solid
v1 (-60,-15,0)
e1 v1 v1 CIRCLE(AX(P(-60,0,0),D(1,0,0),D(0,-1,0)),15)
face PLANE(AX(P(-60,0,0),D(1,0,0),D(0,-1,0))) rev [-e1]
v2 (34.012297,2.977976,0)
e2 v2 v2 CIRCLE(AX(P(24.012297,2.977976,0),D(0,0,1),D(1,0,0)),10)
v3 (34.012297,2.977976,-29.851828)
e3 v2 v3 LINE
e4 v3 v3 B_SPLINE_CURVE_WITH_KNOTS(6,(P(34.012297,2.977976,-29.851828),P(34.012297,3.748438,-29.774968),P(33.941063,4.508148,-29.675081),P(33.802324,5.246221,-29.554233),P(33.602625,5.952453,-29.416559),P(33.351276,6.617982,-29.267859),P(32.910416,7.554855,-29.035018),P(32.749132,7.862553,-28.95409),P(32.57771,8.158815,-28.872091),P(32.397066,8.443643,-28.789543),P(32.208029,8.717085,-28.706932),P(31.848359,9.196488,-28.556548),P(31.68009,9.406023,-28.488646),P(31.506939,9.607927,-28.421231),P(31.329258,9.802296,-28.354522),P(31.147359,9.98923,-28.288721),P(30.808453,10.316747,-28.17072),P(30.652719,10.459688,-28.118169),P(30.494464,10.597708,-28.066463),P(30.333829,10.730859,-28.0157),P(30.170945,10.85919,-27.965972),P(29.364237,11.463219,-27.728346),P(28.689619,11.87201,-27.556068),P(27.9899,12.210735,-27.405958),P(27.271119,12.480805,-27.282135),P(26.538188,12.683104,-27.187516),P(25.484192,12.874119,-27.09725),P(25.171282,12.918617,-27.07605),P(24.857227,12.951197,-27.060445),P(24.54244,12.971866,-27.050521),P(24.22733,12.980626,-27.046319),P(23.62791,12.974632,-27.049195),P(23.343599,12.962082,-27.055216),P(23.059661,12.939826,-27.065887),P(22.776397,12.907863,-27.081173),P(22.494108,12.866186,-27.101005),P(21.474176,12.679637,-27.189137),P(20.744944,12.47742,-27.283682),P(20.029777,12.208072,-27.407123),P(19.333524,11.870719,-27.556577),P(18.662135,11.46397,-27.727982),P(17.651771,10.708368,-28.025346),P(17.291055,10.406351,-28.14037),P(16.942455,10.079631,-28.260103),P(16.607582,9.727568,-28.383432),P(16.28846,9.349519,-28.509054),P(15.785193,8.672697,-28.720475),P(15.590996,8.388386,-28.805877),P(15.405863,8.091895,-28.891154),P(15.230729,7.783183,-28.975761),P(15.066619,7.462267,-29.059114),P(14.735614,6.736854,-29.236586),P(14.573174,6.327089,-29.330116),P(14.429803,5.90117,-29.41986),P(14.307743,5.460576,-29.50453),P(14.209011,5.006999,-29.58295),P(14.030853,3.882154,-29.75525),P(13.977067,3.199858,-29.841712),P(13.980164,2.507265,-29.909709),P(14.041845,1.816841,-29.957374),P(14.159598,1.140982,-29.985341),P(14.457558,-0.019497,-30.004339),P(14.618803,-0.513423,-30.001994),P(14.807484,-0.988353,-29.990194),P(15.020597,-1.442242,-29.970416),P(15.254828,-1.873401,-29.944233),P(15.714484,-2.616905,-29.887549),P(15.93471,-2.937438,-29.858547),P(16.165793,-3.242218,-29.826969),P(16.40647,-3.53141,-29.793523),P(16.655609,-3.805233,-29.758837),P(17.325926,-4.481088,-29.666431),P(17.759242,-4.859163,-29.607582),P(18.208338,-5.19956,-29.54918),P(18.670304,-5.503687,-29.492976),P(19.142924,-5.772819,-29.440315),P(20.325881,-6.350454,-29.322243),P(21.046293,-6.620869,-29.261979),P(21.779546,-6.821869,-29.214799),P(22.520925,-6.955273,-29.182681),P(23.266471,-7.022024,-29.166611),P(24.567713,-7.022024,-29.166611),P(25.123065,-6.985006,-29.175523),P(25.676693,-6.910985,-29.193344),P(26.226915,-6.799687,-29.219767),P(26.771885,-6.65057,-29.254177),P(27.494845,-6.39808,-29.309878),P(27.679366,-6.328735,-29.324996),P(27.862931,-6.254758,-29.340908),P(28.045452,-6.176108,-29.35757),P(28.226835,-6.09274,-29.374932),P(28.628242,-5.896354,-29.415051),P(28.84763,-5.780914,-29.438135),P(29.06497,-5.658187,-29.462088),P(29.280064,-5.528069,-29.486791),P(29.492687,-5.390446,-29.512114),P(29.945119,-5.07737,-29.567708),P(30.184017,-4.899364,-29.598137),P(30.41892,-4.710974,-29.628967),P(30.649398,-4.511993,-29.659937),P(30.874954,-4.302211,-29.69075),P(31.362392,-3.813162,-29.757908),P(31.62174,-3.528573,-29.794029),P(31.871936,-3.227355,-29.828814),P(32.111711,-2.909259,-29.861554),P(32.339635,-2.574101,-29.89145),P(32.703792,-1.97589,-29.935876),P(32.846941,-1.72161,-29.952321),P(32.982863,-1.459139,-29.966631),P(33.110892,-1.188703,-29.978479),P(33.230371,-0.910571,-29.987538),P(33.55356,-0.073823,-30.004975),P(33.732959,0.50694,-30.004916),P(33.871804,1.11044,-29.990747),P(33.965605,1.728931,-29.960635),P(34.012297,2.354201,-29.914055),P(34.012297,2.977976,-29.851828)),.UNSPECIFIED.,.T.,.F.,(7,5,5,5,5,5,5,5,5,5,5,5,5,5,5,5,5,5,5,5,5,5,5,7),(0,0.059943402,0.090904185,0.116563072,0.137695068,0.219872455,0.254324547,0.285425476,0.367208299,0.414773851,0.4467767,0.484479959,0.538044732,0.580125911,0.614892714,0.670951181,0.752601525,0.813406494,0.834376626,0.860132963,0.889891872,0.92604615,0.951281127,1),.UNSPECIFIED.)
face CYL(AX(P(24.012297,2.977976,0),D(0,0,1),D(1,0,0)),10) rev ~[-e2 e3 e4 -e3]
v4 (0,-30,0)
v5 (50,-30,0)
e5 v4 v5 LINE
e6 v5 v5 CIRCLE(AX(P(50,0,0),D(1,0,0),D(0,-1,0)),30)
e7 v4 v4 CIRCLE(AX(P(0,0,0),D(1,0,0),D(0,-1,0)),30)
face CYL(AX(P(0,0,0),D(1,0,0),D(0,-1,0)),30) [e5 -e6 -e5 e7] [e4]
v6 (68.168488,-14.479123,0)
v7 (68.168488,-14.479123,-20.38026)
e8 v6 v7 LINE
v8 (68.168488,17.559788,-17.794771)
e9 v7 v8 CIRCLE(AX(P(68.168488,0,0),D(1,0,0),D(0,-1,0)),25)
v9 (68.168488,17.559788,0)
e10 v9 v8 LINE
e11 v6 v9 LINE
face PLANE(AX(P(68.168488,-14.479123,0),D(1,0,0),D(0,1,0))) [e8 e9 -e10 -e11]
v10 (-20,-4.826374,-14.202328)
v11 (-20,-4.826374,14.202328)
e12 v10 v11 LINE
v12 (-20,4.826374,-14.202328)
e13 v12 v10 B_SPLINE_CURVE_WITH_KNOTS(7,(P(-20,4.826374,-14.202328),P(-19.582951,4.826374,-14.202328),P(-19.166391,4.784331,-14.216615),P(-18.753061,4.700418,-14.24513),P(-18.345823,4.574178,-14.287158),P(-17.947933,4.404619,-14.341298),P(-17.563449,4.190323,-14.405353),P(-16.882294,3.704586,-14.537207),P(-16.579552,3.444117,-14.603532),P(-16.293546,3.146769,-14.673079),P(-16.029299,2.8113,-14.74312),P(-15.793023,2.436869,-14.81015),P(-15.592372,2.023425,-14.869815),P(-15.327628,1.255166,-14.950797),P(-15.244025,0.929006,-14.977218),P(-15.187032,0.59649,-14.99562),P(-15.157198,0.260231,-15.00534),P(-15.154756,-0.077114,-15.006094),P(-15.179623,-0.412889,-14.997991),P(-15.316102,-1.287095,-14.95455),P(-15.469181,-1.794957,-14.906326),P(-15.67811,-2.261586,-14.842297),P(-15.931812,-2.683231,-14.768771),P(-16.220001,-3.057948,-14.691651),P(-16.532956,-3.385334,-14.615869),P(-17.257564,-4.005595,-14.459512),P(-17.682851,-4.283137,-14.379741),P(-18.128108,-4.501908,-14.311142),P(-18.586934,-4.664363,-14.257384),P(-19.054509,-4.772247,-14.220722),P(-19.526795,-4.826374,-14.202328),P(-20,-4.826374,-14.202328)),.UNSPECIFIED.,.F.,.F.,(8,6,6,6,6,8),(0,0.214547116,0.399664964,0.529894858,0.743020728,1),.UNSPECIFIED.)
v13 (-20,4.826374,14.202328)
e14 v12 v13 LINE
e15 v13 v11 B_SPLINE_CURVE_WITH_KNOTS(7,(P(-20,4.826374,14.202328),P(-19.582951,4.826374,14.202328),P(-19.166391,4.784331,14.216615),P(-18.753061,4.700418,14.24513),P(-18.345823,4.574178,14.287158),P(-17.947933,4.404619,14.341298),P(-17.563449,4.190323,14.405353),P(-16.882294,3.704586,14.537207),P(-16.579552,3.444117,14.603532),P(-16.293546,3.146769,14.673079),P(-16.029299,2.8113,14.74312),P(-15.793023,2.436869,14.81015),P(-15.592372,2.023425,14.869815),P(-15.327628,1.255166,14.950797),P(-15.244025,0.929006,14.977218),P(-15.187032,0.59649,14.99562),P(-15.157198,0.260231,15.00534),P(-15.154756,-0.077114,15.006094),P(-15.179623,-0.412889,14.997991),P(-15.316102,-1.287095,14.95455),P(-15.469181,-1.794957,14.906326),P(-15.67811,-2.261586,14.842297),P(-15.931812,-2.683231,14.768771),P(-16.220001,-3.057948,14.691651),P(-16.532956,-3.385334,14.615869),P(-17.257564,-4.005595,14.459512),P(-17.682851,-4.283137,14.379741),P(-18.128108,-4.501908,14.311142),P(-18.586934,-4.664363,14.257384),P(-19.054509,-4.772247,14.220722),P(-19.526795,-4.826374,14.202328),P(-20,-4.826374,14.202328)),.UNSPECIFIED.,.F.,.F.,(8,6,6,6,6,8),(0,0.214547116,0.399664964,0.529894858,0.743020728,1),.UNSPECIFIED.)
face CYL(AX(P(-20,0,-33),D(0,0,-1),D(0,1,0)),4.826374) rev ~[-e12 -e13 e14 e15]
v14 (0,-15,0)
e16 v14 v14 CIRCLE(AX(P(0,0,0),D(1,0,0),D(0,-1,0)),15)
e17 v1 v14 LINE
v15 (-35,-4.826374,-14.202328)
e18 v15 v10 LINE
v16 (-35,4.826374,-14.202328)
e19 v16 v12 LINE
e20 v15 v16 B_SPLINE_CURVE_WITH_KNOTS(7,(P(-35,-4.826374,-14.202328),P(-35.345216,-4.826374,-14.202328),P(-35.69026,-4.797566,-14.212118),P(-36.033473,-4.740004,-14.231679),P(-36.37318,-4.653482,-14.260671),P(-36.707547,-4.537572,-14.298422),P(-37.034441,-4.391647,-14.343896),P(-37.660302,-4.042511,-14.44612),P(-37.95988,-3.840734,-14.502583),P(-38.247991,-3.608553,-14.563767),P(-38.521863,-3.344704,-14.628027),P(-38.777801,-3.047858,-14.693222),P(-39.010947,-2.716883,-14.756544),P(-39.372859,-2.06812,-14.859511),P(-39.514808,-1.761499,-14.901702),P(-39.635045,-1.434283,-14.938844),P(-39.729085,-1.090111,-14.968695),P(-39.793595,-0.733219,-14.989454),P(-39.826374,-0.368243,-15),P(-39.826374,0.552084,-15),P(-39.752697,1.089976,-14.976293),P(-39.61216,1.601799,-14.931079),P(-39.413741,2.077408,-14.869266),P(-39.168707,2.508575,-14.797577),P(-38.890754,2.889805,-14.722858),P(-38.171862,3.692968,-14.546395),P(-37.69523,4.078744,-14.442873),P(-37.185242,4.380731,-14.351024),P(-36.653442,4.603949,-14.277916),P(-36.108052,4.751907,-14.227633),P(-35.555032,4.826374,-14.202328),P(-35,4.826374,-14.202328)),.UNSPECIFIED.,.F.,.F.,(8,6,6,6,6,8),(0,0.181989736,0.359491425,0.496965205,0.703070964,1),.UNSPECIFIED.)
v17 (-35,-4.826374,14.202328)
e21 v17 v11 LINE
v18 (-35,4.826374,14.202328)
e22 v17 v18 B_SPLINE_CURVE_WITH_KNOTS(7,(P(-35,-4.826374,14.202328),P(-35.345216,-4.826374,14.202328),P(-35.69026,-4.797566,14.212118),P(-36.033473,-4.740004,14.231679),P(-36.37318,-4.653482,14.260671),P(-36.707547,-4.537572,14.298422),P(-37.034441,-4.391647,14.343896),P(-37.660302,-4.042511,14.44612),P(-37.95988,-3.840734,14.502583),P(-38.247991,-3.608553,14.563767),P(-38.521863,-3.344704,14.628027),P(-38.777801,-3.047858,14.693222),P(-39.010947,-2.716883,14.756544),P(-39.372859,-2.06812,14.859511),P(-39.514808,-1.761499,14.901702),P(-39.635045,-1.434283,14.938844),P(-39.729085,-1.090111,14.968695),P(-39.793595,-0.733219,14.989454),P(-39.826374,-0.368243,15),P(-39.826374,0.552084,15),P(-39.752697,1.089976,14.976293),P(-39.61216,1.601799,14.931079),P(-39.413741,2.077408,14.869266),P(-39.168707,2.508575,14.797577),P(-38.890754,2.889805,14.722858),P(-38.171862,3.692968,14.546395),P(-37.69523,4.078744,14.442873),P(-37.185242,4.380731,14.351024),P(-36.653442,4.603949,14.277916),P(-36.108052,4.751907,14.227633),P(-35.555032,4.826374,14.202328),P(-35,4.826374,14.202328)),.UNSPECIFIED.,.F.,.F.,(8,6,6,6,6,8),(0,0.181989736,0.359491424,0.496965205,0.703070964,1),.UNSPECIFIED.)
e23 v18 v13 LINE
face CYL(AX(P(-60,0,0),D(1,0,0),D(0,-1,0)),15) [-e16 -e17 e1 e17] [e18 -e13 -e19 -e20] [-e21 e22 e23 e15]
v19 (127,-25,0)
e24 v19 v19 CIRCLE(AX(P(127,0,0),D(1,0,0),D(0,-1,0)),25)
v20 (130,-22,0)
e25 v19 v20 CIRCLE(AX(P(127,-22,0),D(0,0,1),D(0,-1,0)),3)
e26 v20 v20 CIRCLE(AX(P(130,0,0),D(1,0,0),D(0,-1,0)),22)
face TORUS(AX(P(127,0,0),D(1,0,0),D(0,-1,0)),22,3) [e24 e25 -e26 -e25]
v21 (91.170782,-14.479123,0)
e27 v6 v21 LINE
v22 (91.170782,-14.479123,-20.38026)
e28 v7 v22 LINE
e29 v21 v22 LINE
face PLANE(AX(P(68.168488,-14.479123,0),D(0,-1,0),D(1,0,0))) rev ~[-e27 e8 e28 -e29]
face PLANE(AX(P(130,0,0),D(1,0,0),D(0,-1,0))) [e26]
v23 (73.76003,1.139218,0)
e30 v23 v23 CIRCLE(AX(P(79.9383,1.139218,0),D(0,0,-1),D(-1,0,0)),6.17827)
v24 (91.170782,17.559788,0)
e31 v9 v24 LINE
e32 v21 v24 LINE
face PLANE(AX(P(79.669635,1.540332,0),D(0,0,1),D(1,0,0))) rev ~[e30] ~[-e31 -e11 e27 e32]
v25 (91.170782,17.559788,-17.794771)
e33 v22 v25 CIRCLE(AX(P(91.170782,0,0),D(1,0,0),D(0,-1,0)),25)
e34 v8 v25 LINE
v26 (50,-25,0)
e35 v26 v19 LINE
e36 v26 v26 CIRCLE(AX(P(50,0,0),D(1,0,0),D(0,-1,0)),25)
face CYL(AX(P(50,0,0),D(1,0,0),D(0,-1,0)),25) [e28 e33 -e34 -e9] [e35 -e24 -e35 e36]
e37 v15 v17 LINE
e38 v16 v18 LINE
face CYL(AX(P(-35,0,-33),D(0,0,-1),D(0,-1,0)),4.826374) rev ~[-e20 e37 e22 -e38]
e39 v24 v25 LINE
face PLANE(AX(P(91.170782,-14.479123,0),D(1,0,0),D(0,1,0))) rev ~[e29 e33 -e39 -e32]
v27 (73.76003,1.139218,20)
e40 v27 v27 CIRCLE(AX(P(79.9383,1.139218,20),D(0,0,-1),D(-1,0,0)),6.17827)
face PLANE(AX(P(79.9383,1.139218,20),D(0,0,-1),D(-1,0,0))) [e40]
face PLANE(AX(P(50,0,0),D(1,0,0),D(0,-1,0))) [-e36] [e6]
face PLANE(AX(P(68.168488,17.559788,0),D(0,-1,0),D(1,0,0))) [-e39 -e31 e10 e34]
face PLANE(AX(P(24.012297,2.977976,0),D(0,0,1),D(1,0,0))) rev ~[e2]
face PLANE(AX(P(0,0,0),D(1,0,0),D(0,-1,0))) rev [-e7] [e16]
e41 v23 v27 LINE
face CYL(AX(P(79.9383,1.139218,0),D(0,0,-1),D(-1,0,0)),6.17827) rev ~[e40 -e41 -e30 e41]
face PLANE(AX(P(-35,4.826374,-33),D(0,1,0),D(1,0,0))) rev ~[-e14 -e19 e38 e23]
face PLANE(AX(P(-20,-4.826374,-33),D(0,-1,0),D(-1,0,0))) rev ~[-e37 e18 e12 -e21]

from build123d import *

# Parameters (mm, degrees)
FILLET1_R               = 3
SKETCH2_W               = 23.002294749
SKETCH2_H               = 32.038910542
CUT_EXTRUDE1_DEPTH      = 30
SKETCH3_R               = 6.178270045
CUT_EXTRUDE2_DEPTH      = 20
SKETCH4_R               = 10
CUT_EXTRUDE3_DEPTH      = 30
CUT_EXTRUDE4_DEPTH      = 137.747943453
CUT_EXTRUDE4_DEPTH_BACK = 33


with BuildPart() as part:
    # Sketch1 → Revolve1 (revolve)
    with BuildSketch(Plane.XY, mode=Mode.PRIVATE) as revolve1_sk:
        Polygon((0, 0), (-60, 0), (-60, 15), (0, 15), (0, 30), (50, 30), (50, 25), (130, 25), (130, 0), align=None)
    revolve(revolve1_sk.sketch.rotate(Axis((-83.2159872, 0, 0), (1, 0, 0)), 180), axis=Axis((-83.2159872, 0, 0), (1, 0, 0)))

    # Fillet1
    fillet1_edges = [part.edges().sort_by_distance(p)[0] for p in [
        (130, 25, 0),
    ]]
    fillet(fillet1_edges, radius=FILLET1_R)

    # Sketch2 → Cut-Extrude1 (cut)
    with BuildSketch(Plane.XY):
        with Locations((79.66963489, 1.540332238)):
            Rectangle(SKETCH2_W, SKETCH2_H)
    extrude(amount=-CUT_EXTRUDE1_DEPTH, mode=Mode.SUBTRACT)

    # Sketch3 → Cut-Extrude2 (cut)
    with BuildSketch(Plane(origin=(0, 0, 0), x_dir=(-1, 0, 0), z_dir=(0, 0, -1))):
        with Locations((-79.938300401, 1.139218287)):
            Circle(SKETCH3_R)
    extrude(amount=-CUT_EXTRUDE2_DEPTH, mode=Mode.SUBTRACT)

    # Sketch4 → Cut-Extrude3 (cut)
    with BuildSketch(Plane.XY):
        with Locations((24.012296705, 2.977975659)):
            Circle(SKETCH4_R)
    extrude(amount=-CUT_EXTRUDE3_DEPTH, mode=Mode.SUBTRACT)

    # Sketch6 → Cut-Extrude4 (cut, two sides: drawn at the far end of the back side and taken through both)
    with BuildSketch(Plane.XY.offset(-CUT_EXTRUDE4_DEPTH_BACK)):
        with BuildLine():
            Line((-35, 4.826374344), (-20, 4.826374344))
            ThreePointArc((-20, 4.826374344), (-15.173625656, 0), (-20, -4.826374344))
            Line((-20, -4.826374344), (-35, -4.826374344))
            ThreePointArc((-35, -4.826374344), (-39.826374344, 0), (-35, 4.826374344))
        make_face()
    extrude(amount=CUT_EXTRUDE4_DEPTH + CUT_EXTRUDE4_DEPTH_BACK, mode=Mode.SUBTRACT)


solid = part.part
